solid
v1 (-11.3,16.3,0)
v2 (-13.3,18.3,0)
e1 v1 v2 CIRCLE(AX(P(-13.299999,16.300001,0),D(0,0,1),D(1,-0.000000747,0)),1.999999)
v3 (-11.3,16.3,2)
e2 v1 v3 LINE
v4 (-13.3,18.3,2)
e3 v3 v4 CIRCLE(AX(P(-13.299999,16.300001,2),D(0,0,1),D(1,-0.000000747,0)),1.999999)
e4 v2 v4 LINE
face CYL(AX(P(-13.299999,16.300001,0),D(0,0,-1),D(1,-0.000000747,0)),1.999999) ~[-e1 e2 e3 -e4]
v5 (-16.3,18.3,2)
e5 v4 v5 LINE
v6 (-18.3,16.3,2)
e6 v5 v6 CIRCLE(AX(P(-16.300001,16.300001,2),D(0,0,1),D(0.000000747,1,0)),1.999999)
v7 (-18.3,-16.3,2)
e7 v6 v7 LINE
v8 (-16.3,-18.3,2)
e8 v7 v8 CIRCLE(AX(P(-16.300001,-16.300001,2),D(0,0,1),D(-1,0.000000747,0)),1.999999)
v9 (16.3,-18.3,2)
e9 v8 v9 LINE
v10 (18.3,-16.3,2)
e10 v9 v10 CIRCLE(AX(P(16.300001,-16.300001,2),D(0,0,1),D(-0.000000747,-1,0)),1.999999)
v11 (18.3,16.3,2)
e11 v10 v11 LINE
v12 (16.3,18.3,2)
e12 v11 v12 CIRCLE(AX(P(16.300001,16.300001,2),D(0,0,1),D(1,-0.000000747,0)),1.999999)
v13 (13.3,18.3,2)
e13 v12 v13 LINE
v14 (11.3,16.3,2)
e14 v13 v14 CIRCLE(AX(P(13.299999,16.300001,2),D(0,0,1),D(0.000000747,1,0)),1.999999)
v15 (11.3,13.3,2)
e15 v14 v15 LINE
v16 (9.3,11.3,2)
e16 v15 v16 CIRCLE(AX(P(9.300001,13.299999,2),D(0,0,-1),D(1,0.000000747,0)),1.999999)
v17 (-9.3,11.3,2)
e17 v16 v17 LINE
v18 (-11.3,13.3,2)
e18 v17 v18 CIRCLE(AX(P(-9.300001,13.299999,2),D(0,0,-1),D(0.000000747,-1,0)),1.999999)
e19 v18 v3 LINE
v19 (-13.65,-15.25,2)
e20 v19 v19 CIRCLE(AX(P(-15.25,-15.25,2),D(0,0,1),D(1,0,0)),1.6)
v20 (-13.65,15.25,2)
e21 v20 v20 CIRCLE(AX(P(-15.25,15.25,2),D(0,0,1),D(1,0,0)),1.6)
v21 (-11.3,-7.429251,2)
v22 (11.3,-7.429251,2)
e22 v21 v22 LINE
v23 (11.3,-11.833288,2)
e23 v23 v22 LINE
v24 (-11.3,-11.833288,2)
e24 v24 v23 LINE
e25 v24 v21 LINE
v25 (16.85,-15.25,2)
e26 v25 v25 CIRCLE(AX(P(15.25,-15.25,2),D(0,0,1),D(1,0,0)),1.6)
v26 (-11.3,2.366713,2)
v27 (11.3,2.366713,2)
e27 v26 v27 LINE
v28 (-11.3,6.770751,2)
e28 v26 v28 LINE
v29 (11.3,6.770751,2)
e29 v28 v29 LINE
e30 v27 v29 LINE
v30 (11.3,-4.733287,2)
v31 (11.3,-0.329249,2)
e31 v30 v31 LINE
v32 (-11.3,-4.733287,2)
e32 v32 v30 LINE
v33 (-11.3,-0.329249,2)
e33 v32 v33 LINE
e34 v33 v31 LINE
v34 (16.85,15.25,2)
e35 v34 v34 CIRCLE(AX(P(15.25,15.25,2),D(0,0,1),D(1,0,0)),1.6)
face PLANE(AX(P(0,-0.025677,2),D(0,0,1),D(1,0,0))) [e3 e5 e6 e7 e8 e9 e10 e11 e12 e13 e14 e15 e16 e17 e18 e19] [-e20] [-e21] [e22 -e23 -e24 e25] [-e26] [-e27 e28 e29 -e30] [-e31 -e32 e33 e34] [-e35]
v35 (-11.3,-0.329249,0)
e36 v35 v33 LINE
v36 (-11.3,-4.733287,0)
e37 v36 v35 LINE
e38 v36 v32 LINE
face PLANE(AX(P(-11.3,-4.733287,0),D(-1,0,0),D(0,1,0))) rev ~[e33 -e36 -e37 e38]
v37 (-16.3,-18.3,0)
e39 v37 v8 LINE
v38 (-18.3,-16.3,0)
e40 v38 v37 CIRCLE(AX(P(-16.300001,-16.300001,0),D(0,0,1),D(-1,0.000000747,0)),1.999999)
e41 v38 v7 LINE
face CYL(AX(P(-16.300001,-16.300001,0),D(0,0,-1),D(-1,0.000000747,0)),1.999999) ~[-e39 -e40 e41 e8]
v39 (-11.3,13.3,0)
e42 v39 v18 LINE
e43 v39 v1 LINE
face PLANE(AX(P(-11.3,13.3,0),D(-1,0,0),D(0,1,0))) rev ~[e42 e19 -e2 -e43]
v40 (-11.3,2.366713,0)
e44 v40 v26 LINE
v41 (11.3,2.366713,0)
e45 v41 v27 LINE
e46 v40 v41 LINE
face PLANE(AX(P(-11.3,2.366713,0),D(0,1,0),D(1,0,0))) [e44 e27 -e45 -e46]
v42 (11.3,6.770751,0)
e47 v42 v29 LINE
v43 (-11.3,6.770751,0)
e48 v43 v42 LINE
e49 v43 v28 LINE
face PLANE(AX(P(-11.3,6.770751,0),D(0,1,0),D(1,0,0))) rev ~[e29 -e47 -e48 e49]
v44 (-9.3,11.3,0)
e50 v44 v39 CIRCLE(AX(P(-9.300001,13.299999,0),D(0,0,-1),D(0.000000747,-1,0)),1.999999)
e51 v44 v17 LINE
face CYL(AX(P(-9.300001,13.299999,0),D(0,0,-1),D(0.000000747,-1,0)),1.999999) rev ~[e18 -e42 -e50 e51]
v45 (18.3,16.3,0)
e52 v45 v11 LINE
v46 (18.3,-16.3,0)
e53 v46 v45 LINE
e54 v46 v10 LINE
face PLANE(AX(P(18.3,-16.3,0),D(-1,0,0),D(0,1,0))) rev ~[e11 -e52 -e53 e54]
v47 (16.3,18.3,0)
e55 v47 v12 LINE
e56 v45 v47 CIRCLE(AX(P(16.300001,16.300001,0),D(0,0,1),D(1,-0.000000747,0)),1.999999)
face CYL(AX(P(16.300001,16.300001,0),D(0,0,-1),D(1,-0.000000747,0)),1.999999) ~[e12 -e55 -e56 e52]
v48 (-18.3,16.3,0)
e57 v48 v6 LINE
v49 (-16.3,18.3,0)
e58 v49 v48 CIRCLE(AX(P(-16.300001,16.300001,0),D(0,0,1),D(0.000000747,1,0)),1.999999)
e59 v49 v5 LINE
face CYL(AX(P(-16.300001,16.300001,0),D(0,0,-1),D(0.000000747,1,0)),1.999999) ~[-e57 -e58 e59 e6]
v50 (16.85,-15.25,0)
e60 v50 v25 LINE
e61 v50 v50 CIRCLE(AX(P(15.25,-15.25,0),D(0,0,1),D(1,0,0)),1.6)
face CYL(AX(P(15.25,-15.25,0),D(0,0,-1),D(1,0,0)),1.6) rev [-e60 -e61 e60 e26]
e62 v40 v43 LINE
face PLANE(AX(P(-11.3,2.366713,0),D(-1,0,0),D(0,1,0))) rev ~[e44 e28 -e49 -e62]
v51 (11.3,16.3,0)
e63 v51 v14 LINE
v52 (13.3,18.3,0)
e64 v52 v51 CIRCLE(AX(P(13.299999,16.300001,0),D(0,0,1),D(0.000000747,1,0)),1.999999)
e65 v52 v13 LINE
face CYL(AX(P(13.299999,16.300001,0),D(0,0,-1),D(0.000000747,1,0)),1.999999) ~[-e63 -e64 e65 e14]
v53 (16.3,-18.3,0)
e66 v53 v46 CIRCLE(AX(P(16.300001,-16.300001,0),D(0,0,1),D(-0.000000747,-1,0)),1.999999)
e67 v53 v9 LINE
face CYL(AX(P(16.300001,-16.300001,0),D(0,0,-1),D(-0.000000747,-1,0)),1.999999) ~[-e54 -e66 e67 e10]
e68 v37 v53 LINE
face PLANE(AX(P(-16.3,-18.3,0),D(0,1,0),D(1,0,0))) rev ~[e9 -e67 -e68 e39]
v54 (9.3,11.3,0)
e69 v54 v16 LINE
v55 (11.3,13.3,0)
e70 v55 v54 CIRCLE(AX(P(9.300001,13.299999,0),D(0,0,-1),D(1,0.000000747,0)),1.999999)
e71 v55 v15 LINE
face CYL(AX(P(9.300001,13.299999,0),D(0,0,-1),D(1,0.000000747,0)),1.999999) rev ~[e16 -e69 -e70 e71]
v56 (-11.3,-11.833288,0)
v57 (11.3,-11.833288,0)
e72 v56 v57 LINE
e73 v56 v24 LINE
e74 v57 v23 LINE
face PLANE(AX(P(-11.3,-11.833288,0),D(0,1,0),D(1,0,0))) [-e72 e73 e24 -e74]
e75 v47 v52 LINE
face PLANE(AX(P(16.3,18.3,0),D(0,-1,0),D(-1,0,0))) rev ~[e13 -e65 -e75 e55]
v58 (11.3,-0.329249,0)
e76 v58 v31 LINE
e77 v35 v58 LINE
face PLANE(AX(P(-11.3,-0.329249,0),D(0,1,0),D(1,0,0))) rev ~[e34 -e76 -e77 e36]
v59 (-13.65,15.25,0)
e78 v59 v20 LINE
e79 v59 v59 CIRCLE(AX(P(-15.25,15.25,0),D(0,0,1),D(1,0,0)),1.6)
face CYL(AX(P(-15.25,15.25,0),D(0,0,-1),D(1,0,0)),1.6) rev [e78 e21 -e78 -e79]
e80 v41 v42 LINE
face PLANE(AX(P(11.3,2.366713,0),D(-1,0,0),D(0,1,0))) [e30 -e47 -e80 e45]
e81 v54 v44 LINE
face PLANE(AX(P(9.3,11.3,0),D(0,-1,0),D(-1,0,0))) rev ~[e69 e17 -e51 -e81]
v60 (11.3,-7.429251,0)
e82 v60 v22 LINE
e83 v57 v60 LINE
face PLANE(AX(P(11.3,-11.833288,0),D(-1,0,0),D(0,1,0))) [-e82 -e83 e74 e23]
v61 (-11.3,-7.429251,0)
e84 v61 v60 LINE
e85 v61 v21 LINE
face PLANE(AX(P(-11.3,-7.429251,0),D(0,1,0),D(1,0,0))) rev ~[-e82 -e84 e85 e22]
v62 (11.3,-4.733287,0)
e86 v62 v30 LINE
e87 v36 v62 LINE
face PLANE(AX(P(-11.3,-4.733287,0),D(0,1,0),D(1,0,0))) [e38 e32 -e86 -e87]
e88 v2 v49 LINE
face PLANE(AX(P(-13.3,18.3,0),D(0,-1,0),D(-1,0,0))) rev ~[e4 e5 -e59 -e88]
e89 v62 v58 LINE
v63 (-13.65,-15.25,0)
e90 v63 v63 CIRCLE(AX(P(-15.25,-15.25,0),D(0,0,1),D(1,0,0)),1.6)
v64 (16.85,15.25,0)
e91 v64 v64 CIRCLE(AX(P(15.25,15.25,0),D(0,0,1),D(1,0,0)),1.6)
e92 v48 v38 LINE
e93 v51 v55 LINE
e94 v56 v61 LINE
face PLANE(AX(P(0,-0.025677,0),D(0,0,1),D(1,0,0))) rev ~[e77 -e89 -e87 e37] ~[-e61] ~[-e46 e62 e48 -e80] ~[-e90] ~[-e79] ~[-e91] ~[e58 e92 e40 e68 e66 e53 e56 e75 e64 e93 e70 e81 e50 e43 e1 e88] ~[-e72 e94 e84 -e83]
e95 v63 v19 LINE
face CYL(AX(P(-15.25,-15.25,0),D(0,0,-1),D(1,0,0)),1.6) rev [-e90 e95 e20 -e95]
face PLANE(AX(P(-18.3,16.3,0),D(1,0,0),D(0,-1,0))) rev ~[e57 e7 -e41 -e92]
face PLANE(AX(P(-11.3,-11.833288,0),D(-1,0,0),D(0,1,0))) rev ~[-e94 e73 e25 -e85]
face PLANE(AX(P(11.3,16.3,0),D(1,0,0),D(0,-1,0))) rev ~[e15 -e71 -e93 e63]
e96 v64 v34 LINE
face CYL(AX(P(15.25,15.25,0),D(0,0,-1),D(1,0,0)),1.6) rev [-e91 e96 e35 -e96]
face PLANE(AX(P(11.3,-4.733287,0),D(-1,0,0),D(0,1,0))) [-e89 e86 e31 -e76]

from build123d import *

# Parameters (mm, degrees)
F0_R     = 1.6
F0_W     = 22.6
F0_H     = 4.404037
F1_DEPTH = 2


with BuildPart() as f1:
    # F0 (on Top) → F1 (new body)
    with BuildSketch(Plane.XY):
        with BuildLine():
            Line((-13.3, 18.3), (-16.3, 18.3))
            ThreePointArc((-16.3, 18.3), (-17.714214, 17.714214), (-18.3, 16.3))
            Line((-18.3, 16.3), (-18.3, -16.3))
            ThreePointArc((-18.3, -16.3), (-17.714214, -17.714214), (-16.3, -18.3))
            Line((-16.3, -18.3), (16.3, -18.3))
            ThreePointArc((16.3, -18.3), (17.714214, -17.714214), (18.3, -16.3))
            Line((18.3, -16.3), (18.3, 16.3))
            ThreePointArc((18.3, 16.3), (17.714214, 17.714214), (16.3, 18.3))
            Line((16.3, 18.3), (13.3, 18.3))
            ThreePointArc((13.3, 18.3), (11.885786, 17.714214), (11.3, 16.3))
            Line((11.3, 16.3), (11.3, 13.3))
            ThreePointArc((11.3, 13.3), (10.714214, 11.885786), (9.3, 11.3))
            Line((9.3, 11.3), (-9.3, 11.3))
            ThreePointArc((-9.3, 11.3), (-10.714214, 11.885786), (-11.3, 13.3))
            Line((-11.3, 13.3), (-11.3, 16.3))
            ThreePointArc((-11.3, 16.3), (-11.885786, 17.714214), (-13.3, 18.3))
        make_face()
        with Locations((-15.25, -15.25)):
            Circle(F0_R, mode=Mode.SUBTRACT)
        with Locations((0, -9.631269)):
            Rectangle(F0_W, F0_H, mode=Mode.SUBTRACT)
        with Locations((0, -2.531268)):
            Rectangle(F0_W, F0_H, mode=Mode.SUBTRACT)
        with Locations((15.25, -15.25)):
            Circle(F0_R, mode=Mode.SUBTRACT)
        with Locations((0, 4.568732)):
            Rectangle(F0_W, F0_H, mode=Mode.SUBTRACT)
        with Locations((-15.25, 15.25)):
            Circle(F0_R, mode=Mode.SUBTRACT)
        with Locations((15.25, 15.25)):
            Circle(F0_R, mode=Mode.SUBTRACT)
    extrude(amount=F1_DEPTH)


solid = f1.part
